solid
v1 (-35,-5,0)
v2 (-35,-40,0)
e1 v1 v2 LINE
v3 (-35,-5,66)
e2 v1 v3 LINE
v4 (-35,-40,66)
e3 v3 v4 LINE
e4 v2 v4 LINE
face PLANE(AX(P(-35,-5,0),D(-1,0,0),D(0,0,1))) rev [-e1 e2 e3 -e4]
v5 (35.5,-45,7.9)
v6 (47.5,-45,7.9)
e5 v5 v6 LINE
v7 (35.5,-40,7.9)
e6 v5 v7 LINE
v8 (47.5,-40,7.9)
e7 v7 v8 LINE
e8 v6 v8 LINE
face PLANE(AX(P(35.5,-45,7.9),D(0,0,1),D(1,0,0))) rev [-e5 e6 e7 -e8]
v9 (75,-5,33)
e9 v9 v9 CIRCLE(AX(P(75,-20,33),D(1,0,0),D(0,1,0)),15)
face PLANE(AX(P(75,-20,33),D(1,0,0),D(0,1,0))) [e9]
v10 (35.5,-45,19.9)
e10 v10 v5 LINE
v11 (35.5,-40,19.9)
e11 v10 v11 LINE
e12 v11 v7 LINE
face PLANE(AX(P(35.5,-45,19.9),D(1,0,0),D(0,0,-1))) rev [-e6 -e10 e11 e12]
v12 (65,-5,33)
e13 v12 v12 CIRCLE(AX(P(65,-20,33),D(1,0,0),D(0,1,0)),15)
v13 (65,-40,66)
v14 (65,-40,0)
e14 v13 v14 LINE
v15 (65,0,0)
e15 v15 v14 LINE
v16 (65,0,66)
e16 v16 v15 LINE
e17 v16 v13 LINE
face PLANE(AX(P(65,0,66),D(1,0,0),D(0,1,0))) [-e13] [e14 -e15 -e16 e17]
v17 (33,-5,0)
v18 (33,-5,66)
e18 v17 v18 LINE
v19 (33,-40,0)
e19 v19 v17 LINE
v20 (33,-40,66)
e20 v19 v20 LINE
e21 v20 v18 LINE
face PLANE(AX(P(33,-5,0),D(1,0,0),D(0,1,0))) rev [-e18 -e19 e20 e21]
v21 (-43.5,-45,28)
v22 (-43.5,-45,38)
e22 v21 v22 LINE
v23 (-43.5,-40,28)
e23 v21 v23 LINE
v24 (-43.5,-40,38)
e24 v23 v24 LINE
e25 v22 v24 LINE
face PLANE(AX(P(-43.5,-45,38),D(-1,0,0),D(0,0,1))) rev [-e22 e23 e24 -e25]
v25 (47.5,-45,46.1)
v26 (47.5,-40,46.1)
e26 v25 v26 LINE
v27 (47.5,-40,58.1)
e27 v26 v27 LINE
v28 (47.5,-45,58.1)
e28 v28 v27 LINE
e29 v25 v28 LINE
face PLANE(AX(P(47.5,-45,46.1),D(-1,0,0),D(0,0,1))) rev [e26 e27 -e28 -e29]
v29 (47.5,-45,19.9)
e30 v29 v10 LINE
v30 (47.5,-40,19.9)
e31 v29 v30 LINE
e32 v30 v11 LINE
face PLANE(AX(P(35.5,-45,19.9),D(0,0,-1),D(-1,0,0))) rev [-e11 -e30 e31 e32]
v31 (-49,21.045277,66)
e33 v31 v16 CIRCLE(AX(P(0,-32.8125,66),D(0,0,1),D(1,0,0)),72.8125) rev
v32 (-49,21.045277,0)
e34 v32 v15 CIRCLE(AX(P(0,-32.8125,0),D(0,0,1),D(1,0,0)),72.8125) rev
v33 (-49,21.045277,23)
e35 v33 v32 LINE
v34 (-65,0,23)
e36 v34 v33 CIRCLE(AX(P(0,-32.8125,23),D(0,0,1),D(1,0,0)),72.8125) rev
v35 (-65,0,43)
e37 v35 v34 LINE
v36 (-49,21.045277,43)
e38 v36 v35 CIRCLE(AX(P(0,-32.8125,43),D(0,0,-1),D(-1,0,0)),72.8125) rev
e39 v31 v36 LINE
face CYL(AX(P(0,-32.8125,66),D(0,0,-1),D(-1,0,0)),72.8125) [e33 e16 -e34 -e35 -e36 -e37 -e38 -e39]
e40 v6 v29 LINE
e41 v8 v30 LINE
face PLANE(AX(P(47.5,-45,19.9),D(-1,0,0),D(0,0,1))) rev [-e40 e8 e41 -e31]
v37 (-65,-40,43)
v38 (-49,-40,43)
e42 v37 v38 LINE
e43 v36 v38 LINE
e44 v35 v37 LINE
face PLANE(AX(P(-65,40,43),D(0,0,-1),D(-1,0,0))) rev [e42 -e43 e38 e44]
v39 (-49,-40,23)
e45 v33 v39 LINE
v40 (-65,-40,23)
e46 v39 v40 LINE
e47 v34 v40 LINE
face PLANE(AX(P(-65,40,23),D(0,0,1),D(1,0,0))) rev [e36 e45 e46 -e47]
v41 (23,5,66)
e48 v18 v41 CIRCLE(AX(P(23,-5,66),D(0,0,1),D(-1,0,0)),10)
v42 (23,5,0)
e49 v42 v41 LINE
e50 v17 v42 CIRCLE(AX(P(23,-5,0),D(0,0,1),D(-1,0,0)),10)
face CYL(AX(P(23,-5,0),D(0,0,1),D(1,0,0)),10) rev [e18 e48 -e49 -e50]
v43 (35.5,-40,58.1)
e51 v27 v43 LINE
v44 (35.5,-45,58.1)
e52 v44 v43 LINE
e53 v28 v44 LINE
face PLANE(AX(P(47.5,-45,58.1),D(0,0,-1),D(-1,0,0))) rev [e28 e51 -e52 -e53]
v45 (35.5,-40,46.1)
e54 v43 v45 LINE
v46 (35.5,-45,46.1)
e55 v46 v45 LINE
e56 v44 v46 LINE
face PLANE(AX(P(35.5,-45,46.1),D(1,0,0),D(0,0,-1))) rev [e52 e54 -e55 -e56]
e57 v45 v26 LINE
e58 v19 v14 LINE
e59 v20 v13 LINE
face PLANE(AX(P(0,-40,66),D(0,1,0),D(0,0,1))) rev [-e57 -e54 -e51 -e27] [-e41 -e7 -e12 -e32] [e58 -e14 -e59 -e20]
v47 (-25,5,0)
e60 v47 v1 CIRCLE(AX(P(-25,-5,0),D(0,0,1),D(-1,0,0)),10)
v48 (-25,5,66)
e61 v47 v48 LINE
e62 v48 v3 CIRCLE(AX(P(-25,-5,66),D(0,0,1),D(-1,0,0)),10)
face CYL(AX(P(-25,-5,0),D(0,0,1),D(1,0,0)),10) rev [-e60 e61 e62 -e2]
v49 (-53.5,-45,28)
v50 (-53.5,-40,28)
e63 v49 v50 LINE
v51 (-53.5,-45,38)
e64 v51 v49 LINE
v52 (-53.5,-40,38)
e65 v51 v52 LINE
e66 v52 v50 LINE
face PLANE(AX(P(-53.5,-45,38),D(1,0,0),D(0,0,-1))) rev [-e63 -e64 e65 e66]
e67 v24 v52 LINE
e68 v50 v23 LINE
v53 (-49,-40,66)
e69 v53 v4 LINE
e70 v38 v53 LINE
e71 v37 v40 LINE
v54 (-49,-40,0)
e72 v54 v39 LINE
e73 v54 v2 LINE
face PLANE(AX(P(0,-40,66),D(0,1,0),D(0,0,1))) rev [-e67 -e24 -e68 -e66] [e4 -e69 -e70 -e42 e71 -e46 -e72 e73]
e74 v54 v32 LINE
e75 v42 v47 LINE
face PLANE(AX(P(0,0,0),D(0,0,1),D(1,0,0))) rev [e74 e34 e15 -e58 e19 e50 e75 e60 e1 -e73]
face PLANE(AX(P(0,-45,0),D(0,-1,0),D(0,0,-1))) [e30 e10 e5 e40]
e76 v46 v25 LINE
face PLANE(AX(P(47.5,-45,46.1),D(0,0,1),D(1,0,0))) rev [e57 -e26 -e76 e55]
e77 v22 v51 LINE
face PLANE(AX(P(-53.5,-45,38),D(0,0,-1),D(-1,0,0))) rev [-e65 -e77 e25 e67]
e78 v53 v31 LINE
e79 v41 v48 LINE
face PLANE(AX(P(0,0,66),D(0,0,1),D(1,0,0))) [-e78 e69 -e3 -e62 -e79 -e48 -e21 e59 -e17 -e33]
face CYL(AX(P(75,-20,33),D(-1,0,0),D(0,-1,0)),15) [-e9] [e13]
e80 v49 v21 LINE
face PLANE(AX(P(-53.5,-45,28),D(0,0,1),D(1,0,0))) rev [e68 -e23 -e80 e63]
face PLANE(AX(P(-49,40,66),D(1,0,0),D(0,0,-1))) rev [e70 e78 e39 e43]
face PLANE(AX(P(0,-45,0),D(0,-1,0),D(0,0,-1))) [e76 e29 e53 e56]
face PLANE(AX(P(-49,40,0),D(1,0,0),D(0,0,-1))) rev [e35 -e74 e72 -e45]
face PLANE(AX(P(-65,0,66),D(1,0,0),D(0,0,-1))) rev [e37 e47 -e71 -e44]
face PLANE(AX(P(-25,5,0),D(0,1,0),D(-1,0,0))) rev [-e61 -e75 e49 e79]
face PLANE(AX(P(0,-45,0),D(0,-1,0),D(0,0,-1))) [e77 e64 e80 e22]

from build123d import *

# Parameters (mm, degrees)
BOSS_EXTRUDE1_DEPTH = 66
SKETCH4_R           = 15
BOSS_EXTRUDE2_DEPTH = 10
CUT_EXTRUDE2_DEPTH  = 108.615054709
SKETCH5_W           = 16
SKETCH5_H           = 23
CUT_EXTRUDE3_DEPTH  = 128.988280714
SKETCH6_W           = 10
SKETCH6_H           = 10
BOSS_EXTRUDE3_DEPTH = 5
SKETCH7_W           = 12
SKETCH7_H           = 12
BOSS_EXTRUDE4_DEPTH = 5


with BuildPart() as part:
    # Sketch2 → Boss-Extrude1 (new body)
    with BuildSketch(Plane.XY):
        with BuildLine():
            ThreePointArc((65, 0), (38.160843726, 29.198871234), (-1.89e-07, 40))
            ThreePointArc((-1.89e-07, 40), (-38.160843886, 29.198871136), (-65, 0))
            Line((-65, 0), (-65, -40))
            Line((-65, -40), (65, -40))
            Line((65, -40), (65, 0))
        make_face()
    extrude(amount=BOSS_EXTRUDE1_DEPTH)

    # Sketch4 → Boss-Extrude2 (add)
    with BuildSketch(Plane(origin=(65, 0, 0), x_dir=(0, 0, -1), z_dir=(1, 0, 0))):
        with Locations(Location((-33, -20, 0), (0, 0, 90))):
            Circle(SKETCH4_R)
    extrude(amount=BOSS_EXTRUDE2_DEPTH)

    # Sketch3 → Cut-Extrude2 (cut, through all)
    with BuildSketch(Plane.XY.offset(66)):
        with BuildLine():
            Line((-25, 5), (23, 5))
            ThreePointArc((23, 5), (30.071067812, 2.071067812), (33, -5))
            Line((33, -5), (33, -40))
            Line((33, -40), (-35, -40))
            Line((-35, -40), (-35, -5))
            ThreePointArc((-35, -5), (-32.071067812, 2.071067812), (-25, 5))
        make_face()
    extrude(amount=-CUT_EXTRUDE2_DEPTH, mode=Mode.SUBTRACT)

    # Sketch5 → Cut-Extrude3 (cut, through all)
    with BuildSketch(Plane.XZ.offset(40)):
        with Locations((-57, 54.5)):
            Rectangle(SKETCH5_W, SKETCH5_H)
        with Locations((-57, 11.5)):
            Rectangle(SKETCH5_W, SKETCH5_H)
    extrude(amount=-CUT_EXTRUDE3_DEPTH, mode=Mode.SUBTRACT)

    # Sketch6 → Boss-Extrude3 (add)
    with BuildSketch(Plane.XZ.offset(40)):
        with Locations((-48.5, 33)):
            Rectangle(SKETCH6_W, SKETCH6_H)
    extrude(amount=BOSS_EXTRUDE3_DEPTH)

    # Sketch7 → Boss-Extrude4 (add)
    with BuildSketch(Plane.XZ.offset(40)):
        with Locations((41.5, 13.9)):
            Rectangle(SKETCH7_W, SKETCH7_H)
        with Locations((41.5, 52.1)):
            Rectangle(SKETCH7_W, SKETCH7_H)
    extrude(amount=BOSS_EXTRUDE4_DEPTH)


solid = part.part
